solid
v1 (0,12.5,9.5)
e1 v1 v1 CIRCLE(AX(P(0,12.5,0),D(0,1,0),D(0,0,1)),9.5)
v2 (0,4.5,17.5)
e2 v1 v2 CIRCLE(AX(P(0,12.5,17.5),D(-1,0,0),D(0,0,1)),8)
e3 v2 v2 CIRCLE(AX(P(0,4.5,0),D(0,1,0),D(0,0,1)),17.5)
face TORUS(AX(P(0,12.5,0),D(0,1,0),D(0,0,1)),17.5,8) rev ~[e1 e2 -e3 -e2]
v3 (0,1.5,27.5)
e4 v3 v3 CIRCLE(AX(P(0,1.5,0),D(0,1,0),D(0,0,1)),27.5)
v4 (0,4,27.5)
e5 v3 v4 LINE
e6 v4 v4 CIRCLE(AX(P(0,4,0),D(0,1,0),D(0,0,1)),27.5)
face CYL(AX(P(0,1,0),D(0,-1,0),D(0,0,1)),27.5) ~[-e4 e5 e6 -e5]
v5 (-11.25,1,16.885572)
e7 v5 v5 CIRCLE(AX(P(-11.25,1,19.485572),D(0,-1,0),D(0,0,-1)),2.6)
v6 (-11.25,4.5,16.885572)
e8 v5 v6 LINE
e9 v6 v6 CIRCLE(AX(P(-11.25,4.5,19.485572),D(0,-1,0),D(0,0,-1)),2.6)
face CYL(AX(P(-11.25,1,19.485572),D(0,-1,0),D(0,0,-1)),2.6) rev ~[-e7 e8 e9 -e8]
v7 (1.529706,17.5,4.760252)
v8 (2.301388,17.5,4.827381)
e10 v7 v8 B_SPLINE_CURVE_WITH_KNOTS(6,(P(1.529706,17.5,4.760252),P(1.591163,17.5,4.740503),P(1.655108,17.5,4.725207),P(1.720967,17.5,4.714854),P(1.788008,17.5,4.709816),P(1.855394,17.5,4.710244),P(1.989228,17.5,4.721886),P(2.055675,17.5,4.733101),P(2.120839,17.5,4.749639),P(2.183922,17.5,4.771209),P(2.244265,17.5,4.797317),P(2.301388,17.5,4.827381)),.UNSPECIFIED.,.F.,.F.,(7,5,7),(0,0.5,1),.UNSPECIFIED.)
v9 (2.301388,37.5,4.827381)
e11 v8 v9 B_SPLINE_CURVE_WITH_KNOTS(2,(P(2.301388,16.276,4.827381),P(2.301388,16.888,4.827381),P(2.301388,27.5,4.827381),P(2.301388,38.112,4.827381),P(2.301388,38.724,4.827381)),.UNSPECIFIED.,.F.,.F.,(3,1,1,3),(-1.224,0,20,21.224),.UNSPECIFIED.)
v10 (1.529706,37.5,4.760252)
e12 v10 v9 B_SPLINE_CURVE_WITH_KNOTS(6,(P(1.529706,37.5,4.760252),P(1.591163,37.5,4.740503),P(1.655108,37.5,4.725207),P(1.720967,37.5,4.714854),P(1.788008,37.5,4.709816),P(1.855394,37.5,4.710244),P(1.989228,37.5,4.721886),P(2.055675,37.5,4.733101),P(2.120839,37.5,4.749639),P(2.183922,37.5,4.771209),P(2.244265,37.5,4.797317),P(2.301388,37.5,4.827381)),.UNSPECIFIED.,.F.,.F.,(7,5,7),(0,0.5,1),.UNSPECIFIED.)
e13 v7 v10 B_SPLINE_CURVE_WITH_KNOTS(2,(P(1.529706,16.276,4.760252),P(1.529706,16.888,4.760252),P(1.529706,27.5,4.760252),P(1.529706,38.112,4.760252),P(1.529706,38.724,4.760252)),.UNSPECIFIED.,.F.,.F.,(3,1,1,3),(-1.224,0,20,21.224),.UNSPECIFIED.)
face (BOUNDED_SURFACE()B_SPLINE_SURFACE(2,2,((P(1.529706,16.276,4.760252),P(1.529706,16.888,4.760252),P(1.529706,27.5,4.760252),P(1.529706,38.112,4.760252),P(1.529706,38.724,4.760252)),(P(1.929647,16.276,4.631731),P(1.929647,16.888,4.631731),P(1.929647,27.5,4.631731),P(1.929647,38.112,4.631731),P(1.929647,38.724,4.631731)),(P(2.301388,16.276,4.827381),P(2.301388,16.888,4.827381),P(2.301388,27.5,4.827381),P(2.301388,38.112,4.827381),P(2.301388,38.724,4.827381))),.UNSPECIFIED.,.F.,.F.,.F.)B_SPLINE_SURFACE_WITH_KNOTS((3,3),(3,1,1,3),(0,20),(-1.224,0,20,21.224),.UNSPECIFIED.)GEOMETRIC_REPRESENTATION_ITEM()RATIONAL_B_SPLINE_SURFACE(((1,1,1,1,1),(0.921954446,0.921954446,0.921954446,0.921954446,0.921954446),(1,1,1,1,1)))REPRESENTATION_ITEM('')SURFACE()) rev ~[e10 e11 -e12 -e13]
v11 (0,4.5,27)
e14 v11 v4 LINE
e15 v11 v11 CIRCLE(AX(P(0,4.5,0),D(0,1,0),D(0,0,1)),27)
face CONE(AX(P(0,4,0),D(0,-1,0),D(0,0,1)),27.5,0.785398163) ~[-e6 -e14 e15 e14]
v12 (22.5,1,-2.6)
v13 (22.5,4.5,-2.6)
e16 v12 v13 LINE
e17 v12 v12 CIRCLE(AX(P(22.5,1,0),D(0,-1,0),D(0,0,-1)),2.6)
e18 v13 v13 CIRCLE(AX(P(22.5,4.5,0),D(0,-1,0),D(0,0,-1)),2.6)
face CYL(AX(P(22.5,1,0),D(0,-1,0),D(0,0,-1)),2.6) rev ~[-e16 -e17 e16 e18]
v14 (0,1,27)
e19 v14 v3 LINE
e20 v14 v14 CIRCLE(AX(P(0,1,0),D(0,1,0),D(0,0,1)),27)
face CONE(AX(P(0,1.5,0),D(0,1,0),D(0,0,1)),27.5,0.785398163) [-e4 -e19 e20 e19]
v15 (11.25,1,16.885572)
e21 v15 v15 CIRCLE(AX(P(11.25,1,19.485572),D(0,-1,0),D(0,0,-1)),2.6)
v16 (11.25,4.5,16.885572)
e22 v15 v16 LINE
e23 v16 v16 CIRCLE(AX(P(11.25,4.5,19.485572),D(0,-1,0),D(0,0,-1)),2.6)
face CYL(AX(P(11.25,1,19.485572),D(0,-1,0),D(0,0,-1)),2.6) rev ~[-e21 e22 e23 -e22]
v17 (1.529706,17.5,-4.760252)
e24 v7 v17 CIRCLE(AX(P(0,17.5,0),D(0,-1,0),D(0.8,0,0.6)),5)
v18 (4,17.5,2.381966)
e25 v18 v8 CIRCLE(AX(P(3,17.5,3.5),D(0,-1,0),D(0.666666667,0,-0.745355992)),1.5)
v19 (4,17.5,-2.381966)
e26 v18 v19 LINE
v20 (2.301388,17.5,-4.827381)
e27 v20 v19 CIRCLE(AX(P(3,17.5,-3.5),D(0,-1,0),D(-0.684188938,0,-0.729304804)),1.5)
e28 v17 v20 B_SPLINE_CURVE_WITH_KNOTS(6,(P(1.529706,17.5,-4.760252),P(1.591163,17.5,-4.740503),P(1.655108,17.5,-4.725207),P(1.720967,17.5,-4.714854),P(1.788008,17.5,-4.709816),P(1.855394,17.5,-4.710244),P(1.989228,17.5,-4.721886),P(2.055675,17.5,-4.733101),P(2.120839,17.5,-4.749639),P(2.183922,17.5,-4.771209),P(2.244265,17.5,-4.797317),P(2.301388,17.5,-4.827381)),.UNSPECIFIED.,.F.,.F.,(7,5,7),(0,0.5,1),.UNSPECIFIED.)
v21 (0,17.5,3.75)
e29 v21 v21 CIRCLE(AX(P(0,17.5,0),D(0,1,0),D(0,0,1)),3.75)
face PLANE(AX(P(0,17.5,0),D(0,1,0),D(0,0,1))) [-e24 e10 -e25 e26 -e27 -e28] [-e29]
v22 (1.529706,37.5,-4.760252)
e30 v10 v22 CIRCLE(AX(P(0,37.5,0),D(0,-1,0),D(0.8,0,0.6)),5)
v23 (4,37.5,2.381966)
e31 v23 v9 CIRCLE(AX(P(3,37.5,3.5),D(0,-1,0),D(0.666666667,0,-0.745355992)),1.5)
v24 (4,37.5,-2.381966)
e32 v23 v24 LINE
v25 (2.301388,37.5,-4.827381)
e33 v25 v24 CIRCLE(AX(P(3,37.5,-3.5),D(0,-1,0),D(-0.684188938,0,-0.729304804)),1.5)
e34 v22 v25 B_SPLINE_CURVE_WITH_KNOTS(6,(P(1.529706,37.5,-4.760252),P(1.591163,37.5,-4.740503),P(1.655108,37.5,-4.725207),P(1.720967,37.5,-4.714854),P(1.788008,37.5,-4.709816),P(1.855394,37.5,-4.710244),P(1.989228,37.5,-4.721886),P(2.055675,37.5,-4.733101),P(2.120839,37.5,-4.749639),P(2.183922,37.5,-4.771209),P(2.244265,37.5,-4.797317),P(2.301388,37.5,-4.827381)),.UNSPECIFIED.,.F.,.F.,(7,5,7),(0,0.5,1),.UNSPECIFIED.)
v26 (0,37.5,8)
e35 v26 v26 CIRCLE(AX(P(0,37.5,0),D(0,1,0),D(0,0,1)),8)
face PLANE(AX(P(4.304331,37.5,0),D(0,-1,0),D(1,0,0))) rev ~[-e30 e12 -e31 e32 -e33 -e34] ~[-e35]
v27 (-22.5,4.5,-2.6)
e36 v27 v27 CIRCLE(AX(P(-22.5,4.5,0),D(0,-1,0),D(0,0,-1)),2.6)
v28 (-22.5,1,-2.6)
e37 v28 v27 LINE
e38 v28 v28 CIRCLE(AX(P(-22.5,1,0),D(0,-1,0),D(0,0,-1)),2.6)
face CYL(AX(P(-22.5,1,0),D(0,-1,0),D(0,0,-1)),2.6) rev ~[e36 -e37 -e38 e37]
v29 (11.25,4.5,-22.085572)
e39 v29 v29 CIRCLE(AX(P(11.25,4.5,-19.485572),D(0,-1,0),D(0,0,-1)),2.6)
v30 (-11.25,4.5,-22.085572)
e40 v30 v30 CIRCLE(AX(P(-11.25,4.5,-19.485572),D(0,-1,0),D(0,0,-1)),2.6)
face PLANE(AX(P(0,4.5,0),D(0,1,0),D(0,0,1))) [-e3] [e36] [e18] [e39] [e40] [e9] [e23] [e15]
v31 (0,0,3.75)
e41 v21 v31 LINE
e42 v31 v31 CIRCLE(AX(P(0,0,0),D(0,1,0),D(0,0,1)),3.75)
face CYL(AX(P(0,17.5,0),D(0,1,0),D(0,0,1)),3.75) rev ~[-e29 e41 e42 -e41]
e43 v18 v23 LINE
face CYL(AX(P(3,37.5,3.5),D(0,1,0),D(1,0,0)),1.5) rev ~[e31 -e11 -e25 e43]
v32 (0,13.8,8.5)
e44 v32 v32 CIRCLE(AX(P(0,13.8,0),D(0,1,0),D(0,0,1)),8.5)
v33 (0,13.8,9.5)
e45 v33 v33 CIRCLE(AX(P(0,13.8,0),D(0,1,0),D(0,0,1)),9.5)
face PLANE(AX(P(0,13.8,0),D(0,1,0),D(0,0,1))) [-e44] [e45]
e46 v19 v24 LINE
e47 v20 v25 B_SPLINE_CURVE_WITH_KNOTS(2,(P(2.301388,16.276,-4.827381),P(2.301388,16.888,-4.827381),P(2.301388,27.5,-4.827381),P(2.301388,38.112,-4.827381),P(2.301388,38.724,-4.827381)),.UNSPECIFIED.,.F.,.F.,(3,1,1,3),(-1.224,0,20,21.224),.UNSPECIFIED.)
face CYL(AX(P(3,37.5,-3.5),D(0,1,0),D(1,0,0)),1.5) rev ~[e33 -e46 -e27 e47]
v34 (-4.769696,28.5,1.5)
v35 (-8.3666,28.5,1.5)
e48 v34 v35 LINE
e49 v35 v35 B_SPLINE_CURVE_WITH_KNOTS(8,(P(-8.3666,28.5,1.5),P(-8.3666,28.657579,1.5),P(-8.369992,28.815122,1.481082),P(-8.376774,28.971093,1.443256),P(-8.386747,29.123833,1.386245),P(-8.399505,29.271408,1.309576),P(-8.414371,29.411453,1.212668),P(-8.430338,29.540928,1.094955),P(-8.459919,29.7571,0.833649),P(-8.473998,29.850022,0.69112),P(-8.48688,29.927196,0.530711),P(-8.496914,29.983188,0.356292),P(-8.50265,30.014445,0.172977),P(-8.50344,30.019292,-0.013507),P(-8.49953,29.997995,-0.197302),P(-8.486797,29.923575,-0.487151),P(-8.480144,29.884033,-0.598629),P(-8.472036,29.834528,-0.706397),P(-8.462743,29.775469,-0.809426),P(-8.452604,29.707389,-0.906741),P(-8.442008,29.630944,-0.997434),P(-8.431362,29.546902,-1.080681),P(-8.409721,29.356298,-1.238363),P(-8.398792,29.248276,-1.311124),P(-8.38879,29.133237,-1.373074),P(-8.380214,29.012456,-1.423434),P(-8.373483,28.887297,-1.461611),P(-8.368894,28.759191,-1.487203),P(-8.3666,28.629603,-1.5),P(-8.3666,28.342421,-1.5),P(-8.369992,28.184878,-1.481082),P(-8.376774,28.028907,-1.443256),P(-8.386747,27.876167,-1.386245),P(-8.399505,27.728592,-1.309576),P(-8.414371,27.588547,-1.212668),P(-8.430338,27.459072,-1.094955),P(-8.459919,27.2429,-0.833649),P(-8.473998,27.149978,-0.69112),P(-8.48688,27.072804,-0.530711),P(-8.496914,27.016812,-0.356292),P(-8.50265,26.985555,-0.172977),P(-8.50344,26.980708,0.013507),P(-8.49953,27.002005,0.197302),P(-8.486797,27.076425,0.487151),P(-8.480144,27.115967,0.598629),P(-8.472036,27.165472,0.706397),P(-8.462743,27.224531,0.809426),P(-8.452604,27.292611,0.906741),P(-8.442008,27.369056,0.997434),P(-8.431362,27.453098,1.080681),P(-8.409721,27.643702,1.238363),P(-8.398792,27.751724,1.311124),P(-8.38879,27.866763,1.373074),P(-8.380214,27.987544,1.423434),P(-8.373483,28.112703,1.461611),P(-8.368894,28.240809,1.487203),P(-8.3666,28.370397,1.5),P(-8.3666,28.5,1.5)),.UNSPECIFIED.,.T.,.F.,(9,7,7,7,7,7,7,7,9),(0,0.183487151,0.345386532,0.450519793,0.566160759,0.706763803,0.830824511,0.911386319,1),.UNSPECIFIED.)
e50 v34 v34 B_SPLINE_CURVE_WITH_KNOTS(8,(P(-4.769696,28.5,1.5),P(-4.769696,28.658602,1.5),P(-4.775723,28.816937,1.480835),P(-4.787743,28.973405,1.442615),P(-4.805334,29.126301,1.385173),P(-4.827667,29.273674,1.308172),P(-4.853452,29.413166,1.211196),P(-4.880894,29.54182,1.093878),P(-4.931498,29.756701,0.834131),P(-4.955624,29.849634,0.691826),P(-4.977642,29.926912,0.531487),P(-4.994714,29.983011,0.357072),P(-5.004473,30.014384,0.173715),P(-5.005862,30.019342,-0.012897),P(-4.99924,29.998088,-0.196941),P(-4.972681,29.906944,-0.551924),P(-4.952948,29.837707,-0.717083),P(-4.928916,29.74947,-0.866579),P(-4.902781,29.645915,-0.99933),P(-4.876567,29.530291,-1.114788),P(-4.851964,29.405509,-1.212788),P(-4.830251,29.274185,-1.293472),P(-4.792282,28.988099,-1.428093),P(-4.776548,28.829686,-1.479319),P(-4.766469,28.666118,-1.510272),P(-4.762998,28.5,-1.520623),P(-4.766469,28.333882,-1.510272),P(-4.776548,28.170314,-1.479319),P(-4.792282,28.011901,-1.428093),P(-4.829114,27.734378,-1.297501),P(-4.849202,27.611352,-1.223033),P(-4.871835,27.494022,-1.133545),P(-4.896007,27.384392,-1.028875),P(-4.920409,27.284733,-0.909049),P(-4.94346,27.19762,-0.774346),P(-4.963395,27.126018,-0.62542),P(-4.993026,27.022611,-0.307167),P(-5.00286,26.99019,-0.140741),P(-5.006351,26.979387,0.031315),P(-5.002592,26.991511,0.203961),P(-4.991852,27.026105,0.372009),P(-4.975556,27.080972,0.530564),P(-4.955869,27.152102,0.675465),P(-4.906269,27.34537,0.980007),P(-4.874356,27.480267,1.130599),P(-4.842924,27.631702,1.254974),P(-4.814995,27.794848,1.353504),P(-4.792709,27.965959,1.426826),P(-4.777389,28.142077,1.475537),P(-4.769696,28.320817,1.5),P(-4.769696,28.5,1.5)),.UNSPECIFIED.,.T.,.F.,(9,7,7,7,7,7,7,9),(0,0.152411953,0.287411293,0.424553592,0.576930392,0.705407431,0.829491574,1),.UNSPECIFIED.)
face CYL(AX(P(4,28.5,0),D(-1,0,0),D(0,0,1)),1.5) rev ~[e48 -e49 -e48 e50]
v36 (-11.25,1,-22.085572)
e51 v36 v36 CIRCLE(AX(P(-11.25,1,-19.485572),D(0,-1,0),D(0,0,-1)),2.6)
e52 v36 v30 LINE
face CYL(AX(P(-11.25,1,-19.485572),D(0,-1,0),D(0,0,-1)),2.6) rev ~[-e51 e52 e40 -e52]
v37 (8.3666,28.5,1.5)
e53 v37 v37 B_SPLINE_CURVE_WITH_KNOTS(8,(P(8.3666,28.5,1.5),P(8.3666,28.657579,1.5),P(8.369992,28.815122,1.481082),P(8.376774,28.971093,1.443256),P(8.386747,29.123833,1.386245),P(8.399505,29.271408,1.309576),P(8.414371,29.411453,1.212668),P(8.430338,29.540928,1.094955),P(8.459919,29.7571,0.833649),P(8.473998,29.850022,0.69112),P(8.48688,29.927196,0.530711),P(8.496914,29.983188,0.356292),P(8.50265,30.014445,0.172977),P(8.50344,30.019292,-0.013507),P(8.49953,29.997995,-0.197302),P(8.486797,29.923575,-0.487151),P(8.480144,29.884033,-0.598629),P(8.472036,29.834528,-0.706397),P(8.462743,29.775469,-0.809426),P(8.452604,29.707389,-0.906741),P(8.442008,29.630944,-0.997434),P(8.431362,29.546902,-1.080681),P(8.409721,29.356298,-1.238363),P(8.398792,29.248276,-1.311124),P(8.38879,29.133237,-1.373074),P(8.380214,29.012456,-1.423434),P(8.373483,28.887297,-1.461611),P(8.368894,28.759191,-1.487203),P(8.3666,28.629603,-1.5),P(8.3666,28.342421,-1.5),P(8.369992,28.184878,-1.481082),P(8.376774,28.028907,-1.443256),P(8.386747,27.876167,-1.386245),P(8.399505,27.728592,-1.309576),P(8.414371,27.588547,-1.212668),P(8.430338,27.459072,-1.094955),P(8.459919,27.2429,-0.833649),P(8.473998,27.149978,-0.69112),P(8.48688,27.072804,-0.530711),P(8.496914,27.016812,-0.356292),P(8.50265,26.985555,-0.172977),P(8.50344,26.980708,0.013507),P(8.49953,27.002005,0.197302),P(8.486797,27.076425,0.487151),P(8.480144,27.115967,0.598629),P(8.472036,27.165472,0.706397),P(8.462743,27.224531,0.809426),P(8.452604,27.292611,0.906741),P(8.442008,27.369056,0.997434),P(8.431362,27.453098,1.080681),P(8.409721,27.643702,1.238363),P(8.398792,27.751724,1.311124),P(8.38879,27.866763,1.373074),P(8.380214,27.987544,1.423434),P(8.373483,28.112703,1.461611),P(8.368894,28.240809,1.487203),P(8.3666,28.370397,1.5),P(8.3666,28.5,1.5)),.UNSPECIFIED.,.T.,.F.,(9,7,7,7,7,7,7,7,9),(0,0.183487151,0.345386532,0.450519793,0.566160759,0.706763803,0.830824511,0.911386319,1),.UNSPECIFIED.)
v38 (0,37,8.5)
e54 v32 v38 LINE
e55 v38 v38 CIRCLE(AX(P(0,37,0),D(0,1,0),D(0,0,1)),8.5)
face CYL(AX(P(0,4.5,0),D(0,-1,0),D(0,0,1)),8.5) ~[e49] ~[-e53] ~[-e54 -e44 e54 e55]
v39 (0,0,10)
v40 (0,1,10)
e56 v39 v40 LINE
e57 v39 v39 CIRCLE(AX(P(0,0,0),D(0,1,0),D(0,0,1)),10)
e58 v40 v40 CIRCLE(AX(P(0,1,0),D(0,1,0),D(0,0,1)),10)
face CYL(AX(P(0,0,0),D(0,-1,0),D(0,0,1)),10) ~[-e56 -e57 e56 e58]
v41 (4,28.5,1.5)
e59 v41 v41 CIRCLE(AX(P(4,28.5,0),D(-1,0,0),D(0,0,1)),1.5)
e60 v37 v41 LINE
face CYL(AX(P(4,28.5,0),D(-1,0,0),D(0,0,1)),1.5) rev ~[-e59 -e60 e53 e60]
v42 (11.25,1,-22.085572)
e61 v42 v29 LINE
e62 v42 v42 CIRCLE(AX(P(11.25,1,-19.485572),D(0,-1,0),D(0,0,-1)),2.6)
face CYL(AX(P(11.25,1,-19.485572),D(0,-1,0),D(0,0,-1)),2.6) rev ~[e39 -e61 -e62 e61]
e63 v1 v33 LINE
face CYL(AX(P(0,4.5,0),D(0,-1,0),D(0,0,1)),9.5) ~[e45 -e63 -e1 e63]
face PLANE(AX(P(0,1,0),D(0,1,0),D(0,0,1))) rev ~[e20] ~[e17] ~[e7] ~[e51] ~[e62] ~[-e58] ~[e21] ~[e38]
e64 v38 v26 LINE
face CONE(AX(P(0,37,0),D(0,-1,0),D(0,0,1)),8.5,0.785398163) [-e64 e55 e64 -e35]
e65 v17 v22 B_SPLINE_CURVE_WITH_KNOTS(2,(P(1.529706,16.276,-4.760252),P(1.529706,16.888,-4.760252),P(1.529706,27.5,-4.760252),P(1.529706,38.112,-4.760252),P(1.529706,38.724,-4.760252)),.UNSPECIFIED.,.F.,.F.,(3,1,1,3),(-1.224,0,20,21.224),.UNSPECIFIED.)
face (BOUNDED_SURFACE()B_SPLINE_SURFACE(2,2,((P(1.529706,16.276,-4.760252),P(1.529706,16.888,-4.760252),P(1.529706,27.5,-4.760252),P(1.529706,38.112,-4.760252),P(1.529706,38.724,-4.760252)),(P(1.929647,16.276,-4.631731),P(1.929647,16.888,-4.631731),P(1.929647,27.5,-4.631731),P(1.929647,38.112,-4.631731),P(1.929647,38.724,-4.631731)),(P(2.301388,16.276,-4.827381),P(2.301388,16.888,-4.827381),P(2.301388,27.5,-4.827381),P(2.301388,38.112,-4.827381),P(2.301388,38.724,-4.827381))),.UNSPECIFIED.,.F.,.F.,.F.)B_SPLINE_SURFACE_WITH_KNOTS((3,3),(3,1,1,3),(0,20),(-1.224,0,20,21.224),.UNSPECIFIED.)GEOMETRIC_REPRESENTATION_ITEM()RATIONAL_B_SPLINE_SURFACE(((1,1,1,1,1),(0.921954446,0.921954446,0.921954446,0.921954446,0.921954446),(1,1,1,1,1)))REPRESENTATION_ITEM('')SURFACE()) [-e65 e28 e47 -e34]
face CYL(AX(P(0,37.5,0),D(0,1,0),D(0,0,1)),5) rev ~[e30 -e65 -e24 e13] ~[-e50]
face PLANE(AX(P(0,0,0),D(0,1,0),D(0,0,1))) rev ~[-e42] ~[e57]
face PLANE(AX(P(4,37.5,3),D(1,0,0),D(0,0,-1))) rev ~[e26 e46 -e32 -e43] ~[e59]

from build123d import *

# Parameters (mm, degrees)
SKETCH_1_R          = 10
EXTRUDE_1_DEPTH     = 1
SKETCH_2_R          = 27.5
EXTRUDE_2_DEPTH     = 3.5
SKETCH_3_R          = 8.5
EXTRUDE_3_DEPTH     = 33
SKETCH_4_R          = 5
CUT_EXTRUDE_1_DEPTH = 20
EXTRUDE_START       = -37.5
EXTRUDE_4_DEPTH     = 37.5
SKETCH_9_R          = 1.5
CUT_EXTRUDE_4_DEPTH = 15
SKETCH_10_R         = 9.5
SKETCH_10_R_2       = 8.5
EXTRUDE_5_DEPTH     = 9.3
FILLET_2_R          = 8
CHAMFER_1_SIZE      = 0.5
CHAMFER_2_SIZE      = 0.5
SKETCH_12_R         = 1.5
CUT_EXTRUDE_6_DEPTH = 20
SKETCH_13_R         = 3.75
CUT_EXTRUDE_7_DEPTH = 44.732139257
FILLET_3_R          = 1
CHAMFER_3_SIZE      = 0.5
SKETCH_14_R         = 2.6
CUT_EXTRUDE_8_DEPTH = 10


with BuildPart() as part:
    # 草图1 → 凸台-拉伸1 (new body)
    with BuildSketch(Plane(origin=(0, 0, 0), x_dir=(1, 0, 0), z_dir=(0, 1, 0))):
        with Locations(Location((0, 0, 0), (0, 0, 270))):
            Circle(SKETCH_1_R)
    extrude(amount=EXTRUDE_1_DEPTH)

    # 草图2 → 凸台-拉伸2 (add)
    with BuildSketch(Plane(origin=(0, 1, 0), x_dir=(1, 0, 0), z_dir=(0, 1, 0))):
        with Locations(Location((0, 0, 0), (0, 0, 270))):
            Circle(SKETCH_2_R)
    extrude(amount=EXTRUDE_2_DEPTH)

    # 草图3 → 凸台-拉伸3 (add)
    with BuildSketch(Plane(origin=(0, 4.5, 0), x_dir=(1, 0, 0), z_dir=(0, 1, 0))):
        with Locations(Location((0, 0, 0), (0, 0, 270))):
            Circle(SKETCH_3_R)
    extrude(amount=EXTRUDE_3_DEPTH)

    # 草图4 → 切除-拉伸1 (cut)
    with BuildSketch(Plane(origin=(0, 37.5, 0), x_dir=(1, 0, 0), z_dir=(0, 1, 0))):
        with Locations(Location((0, 0, 0), (0, 0, 270))):
            Circle(SKETCH_4_R)
    extrude(amount=-CUT_EXTRUDE_1_DEPTH, mode=Mode.SUBTRACT)

    # 草图8 → 凸台-拉伸4 (add)
    with BuildSketch(Plane.XZ.offset(EXTRUDE_START)):
        with BuildLine():
            Line((4, 3), (4, -3))
            ThreePointArc((4, -3), (5, 0), (4, 3))
        make_face()
    extrude(amount=EXTRUDE_4_DEPTH)

    # 草图9 → 切除-拉伸4 (cut, symmetric)
    with BuildSketch(Plane.ZY.offset(-4)):
        with Locations((0, 28.5)):
            Circle(SKETCH_9_R)
    extrude(amount=CUT_EXTRUDE_4_DEPTH, both=True, mode=Mode.SUBTRACT)

    # 草图10 → 凸台-拉伸5 (add)
    with BuildSketch(Plane(origin=(0, 4.5, 0), x_dir=(1, 0, 0), z_dir=(0, 1, 0))):
        with Locations(Location((0, 0, 0), (0, 0, 270))):
            Circle(SKETCH_10_R)
        with Locations(Location((0, 0, 0), (0, 0, 270))):
            Circle(SKETCH_10_R_2, mode=Mode.SUBTRACT)
    extrude(amount=EXTRUDE_5_DEPTH)

    # 圆角2
    fillet_2_edges = [part.edges().sort_by_distance(p)[0] for p in [
        (0, 4.5, -9.5),
    ]]
    fillet(fillet_2_edges, radius=FILLET_2_R)

    # 倒角1
    chamfer_1_edges = [part.edges().sort_by_distance(p)[0] for p in [
        (0, 4.5, -27.5),
    ]]
    chamfer(chamfer_1_edges, length=CHAMFER_1_SIZE)

    # 倒角2
    chamfer_2_edges = [part.edges().sort_by_distance(p)[0] for p in [
        (0, 37.5, -8.5),
    ]]
    chamfer(chamfer_2_edges, length=CHAMFER_2_SIZE)

    # 草图12 → 切除-拉伸6 (cut)
    with BuildSketch(Plane(origin=(0, 37.5, 0), x_dir=(1, 0, 0), z_dir=(0, 1, 0))):
        with Locations((3, 3.5)):
            Circle(SKETCH_12_R)
        with Locations((3, -3.5)):
            Circle(SKETCH_12_R)
    extrude(amount=-CUT_EXTRUDE_6_DEPTH, mode=Mode.SUBTRACT)

    # 草图13 → 切除-拉伸7 (cut, through all)
    with BuildSketch(Plane(origin=(0, 17.5, 0), x_dir=(1, 0, 0), z_dir=(0, 1, 0))):
        with Locations(Location((0, 0, 0), (0, 0, 270))):
            Circle(SKETCH_13_R)
    extrude(amount=-CUT_EXTRUDE_7_DEPTH, mode=Mode.SUBTRACT)

    # 圆角3
    fillet_3_edges = [part.edges().sort_by_distance(p)[0] for p in [
        (1.973716593, 27.5, -4.593957206),
        (1.973716593, 27.5, 4.593957206),
    ]]
    fillet(fillet_3_edges, radius=FILLET_3_R)

    # 倒角3
    chamfer_3_edges = [part.edges().sort_by_distance(p)[0] for p in [
        (0, 1, -27.5),
    ]]
    chamfer(chamfer_3_edges, length=CHAMFER_3_SIZE)

    # 草图14 → 切除-拉伸8 (cut)
    with BuildSketch(Plane.XZ.offset(-1)):
        with Locations(Location((22.5, 0, 0), (0, 0, 270))):
            Circle(SKETCH_14_R)
        with Locations(Location((11.25, -19.485571585, 0), (0, 0, 270))):
            Circle(SKETCH_14_R)
        with Locations(Location((-11.25, -19.485571585, 0), (0, 0, 270))):
            Circle(SKETCH_14_R)
        with Locations(Location((-22.5, 0, 0), (0, 0, 270))):
            Circle(SKETCH_14_R)
        with Locations(Location((-11.25, 19.485571585, 0), (0, 0, 270))):
            Circle(SKETCH_14_R)
        with Locations(Location((11.25, 19.485571585, 0), (0, 0, 270))):
            Circle(SKETCH_14_R)
    extrude(amount=-CUT_EXTRUDE_8_DEPTH, mode=Mode.SUBTRACT)


solid = part.part
